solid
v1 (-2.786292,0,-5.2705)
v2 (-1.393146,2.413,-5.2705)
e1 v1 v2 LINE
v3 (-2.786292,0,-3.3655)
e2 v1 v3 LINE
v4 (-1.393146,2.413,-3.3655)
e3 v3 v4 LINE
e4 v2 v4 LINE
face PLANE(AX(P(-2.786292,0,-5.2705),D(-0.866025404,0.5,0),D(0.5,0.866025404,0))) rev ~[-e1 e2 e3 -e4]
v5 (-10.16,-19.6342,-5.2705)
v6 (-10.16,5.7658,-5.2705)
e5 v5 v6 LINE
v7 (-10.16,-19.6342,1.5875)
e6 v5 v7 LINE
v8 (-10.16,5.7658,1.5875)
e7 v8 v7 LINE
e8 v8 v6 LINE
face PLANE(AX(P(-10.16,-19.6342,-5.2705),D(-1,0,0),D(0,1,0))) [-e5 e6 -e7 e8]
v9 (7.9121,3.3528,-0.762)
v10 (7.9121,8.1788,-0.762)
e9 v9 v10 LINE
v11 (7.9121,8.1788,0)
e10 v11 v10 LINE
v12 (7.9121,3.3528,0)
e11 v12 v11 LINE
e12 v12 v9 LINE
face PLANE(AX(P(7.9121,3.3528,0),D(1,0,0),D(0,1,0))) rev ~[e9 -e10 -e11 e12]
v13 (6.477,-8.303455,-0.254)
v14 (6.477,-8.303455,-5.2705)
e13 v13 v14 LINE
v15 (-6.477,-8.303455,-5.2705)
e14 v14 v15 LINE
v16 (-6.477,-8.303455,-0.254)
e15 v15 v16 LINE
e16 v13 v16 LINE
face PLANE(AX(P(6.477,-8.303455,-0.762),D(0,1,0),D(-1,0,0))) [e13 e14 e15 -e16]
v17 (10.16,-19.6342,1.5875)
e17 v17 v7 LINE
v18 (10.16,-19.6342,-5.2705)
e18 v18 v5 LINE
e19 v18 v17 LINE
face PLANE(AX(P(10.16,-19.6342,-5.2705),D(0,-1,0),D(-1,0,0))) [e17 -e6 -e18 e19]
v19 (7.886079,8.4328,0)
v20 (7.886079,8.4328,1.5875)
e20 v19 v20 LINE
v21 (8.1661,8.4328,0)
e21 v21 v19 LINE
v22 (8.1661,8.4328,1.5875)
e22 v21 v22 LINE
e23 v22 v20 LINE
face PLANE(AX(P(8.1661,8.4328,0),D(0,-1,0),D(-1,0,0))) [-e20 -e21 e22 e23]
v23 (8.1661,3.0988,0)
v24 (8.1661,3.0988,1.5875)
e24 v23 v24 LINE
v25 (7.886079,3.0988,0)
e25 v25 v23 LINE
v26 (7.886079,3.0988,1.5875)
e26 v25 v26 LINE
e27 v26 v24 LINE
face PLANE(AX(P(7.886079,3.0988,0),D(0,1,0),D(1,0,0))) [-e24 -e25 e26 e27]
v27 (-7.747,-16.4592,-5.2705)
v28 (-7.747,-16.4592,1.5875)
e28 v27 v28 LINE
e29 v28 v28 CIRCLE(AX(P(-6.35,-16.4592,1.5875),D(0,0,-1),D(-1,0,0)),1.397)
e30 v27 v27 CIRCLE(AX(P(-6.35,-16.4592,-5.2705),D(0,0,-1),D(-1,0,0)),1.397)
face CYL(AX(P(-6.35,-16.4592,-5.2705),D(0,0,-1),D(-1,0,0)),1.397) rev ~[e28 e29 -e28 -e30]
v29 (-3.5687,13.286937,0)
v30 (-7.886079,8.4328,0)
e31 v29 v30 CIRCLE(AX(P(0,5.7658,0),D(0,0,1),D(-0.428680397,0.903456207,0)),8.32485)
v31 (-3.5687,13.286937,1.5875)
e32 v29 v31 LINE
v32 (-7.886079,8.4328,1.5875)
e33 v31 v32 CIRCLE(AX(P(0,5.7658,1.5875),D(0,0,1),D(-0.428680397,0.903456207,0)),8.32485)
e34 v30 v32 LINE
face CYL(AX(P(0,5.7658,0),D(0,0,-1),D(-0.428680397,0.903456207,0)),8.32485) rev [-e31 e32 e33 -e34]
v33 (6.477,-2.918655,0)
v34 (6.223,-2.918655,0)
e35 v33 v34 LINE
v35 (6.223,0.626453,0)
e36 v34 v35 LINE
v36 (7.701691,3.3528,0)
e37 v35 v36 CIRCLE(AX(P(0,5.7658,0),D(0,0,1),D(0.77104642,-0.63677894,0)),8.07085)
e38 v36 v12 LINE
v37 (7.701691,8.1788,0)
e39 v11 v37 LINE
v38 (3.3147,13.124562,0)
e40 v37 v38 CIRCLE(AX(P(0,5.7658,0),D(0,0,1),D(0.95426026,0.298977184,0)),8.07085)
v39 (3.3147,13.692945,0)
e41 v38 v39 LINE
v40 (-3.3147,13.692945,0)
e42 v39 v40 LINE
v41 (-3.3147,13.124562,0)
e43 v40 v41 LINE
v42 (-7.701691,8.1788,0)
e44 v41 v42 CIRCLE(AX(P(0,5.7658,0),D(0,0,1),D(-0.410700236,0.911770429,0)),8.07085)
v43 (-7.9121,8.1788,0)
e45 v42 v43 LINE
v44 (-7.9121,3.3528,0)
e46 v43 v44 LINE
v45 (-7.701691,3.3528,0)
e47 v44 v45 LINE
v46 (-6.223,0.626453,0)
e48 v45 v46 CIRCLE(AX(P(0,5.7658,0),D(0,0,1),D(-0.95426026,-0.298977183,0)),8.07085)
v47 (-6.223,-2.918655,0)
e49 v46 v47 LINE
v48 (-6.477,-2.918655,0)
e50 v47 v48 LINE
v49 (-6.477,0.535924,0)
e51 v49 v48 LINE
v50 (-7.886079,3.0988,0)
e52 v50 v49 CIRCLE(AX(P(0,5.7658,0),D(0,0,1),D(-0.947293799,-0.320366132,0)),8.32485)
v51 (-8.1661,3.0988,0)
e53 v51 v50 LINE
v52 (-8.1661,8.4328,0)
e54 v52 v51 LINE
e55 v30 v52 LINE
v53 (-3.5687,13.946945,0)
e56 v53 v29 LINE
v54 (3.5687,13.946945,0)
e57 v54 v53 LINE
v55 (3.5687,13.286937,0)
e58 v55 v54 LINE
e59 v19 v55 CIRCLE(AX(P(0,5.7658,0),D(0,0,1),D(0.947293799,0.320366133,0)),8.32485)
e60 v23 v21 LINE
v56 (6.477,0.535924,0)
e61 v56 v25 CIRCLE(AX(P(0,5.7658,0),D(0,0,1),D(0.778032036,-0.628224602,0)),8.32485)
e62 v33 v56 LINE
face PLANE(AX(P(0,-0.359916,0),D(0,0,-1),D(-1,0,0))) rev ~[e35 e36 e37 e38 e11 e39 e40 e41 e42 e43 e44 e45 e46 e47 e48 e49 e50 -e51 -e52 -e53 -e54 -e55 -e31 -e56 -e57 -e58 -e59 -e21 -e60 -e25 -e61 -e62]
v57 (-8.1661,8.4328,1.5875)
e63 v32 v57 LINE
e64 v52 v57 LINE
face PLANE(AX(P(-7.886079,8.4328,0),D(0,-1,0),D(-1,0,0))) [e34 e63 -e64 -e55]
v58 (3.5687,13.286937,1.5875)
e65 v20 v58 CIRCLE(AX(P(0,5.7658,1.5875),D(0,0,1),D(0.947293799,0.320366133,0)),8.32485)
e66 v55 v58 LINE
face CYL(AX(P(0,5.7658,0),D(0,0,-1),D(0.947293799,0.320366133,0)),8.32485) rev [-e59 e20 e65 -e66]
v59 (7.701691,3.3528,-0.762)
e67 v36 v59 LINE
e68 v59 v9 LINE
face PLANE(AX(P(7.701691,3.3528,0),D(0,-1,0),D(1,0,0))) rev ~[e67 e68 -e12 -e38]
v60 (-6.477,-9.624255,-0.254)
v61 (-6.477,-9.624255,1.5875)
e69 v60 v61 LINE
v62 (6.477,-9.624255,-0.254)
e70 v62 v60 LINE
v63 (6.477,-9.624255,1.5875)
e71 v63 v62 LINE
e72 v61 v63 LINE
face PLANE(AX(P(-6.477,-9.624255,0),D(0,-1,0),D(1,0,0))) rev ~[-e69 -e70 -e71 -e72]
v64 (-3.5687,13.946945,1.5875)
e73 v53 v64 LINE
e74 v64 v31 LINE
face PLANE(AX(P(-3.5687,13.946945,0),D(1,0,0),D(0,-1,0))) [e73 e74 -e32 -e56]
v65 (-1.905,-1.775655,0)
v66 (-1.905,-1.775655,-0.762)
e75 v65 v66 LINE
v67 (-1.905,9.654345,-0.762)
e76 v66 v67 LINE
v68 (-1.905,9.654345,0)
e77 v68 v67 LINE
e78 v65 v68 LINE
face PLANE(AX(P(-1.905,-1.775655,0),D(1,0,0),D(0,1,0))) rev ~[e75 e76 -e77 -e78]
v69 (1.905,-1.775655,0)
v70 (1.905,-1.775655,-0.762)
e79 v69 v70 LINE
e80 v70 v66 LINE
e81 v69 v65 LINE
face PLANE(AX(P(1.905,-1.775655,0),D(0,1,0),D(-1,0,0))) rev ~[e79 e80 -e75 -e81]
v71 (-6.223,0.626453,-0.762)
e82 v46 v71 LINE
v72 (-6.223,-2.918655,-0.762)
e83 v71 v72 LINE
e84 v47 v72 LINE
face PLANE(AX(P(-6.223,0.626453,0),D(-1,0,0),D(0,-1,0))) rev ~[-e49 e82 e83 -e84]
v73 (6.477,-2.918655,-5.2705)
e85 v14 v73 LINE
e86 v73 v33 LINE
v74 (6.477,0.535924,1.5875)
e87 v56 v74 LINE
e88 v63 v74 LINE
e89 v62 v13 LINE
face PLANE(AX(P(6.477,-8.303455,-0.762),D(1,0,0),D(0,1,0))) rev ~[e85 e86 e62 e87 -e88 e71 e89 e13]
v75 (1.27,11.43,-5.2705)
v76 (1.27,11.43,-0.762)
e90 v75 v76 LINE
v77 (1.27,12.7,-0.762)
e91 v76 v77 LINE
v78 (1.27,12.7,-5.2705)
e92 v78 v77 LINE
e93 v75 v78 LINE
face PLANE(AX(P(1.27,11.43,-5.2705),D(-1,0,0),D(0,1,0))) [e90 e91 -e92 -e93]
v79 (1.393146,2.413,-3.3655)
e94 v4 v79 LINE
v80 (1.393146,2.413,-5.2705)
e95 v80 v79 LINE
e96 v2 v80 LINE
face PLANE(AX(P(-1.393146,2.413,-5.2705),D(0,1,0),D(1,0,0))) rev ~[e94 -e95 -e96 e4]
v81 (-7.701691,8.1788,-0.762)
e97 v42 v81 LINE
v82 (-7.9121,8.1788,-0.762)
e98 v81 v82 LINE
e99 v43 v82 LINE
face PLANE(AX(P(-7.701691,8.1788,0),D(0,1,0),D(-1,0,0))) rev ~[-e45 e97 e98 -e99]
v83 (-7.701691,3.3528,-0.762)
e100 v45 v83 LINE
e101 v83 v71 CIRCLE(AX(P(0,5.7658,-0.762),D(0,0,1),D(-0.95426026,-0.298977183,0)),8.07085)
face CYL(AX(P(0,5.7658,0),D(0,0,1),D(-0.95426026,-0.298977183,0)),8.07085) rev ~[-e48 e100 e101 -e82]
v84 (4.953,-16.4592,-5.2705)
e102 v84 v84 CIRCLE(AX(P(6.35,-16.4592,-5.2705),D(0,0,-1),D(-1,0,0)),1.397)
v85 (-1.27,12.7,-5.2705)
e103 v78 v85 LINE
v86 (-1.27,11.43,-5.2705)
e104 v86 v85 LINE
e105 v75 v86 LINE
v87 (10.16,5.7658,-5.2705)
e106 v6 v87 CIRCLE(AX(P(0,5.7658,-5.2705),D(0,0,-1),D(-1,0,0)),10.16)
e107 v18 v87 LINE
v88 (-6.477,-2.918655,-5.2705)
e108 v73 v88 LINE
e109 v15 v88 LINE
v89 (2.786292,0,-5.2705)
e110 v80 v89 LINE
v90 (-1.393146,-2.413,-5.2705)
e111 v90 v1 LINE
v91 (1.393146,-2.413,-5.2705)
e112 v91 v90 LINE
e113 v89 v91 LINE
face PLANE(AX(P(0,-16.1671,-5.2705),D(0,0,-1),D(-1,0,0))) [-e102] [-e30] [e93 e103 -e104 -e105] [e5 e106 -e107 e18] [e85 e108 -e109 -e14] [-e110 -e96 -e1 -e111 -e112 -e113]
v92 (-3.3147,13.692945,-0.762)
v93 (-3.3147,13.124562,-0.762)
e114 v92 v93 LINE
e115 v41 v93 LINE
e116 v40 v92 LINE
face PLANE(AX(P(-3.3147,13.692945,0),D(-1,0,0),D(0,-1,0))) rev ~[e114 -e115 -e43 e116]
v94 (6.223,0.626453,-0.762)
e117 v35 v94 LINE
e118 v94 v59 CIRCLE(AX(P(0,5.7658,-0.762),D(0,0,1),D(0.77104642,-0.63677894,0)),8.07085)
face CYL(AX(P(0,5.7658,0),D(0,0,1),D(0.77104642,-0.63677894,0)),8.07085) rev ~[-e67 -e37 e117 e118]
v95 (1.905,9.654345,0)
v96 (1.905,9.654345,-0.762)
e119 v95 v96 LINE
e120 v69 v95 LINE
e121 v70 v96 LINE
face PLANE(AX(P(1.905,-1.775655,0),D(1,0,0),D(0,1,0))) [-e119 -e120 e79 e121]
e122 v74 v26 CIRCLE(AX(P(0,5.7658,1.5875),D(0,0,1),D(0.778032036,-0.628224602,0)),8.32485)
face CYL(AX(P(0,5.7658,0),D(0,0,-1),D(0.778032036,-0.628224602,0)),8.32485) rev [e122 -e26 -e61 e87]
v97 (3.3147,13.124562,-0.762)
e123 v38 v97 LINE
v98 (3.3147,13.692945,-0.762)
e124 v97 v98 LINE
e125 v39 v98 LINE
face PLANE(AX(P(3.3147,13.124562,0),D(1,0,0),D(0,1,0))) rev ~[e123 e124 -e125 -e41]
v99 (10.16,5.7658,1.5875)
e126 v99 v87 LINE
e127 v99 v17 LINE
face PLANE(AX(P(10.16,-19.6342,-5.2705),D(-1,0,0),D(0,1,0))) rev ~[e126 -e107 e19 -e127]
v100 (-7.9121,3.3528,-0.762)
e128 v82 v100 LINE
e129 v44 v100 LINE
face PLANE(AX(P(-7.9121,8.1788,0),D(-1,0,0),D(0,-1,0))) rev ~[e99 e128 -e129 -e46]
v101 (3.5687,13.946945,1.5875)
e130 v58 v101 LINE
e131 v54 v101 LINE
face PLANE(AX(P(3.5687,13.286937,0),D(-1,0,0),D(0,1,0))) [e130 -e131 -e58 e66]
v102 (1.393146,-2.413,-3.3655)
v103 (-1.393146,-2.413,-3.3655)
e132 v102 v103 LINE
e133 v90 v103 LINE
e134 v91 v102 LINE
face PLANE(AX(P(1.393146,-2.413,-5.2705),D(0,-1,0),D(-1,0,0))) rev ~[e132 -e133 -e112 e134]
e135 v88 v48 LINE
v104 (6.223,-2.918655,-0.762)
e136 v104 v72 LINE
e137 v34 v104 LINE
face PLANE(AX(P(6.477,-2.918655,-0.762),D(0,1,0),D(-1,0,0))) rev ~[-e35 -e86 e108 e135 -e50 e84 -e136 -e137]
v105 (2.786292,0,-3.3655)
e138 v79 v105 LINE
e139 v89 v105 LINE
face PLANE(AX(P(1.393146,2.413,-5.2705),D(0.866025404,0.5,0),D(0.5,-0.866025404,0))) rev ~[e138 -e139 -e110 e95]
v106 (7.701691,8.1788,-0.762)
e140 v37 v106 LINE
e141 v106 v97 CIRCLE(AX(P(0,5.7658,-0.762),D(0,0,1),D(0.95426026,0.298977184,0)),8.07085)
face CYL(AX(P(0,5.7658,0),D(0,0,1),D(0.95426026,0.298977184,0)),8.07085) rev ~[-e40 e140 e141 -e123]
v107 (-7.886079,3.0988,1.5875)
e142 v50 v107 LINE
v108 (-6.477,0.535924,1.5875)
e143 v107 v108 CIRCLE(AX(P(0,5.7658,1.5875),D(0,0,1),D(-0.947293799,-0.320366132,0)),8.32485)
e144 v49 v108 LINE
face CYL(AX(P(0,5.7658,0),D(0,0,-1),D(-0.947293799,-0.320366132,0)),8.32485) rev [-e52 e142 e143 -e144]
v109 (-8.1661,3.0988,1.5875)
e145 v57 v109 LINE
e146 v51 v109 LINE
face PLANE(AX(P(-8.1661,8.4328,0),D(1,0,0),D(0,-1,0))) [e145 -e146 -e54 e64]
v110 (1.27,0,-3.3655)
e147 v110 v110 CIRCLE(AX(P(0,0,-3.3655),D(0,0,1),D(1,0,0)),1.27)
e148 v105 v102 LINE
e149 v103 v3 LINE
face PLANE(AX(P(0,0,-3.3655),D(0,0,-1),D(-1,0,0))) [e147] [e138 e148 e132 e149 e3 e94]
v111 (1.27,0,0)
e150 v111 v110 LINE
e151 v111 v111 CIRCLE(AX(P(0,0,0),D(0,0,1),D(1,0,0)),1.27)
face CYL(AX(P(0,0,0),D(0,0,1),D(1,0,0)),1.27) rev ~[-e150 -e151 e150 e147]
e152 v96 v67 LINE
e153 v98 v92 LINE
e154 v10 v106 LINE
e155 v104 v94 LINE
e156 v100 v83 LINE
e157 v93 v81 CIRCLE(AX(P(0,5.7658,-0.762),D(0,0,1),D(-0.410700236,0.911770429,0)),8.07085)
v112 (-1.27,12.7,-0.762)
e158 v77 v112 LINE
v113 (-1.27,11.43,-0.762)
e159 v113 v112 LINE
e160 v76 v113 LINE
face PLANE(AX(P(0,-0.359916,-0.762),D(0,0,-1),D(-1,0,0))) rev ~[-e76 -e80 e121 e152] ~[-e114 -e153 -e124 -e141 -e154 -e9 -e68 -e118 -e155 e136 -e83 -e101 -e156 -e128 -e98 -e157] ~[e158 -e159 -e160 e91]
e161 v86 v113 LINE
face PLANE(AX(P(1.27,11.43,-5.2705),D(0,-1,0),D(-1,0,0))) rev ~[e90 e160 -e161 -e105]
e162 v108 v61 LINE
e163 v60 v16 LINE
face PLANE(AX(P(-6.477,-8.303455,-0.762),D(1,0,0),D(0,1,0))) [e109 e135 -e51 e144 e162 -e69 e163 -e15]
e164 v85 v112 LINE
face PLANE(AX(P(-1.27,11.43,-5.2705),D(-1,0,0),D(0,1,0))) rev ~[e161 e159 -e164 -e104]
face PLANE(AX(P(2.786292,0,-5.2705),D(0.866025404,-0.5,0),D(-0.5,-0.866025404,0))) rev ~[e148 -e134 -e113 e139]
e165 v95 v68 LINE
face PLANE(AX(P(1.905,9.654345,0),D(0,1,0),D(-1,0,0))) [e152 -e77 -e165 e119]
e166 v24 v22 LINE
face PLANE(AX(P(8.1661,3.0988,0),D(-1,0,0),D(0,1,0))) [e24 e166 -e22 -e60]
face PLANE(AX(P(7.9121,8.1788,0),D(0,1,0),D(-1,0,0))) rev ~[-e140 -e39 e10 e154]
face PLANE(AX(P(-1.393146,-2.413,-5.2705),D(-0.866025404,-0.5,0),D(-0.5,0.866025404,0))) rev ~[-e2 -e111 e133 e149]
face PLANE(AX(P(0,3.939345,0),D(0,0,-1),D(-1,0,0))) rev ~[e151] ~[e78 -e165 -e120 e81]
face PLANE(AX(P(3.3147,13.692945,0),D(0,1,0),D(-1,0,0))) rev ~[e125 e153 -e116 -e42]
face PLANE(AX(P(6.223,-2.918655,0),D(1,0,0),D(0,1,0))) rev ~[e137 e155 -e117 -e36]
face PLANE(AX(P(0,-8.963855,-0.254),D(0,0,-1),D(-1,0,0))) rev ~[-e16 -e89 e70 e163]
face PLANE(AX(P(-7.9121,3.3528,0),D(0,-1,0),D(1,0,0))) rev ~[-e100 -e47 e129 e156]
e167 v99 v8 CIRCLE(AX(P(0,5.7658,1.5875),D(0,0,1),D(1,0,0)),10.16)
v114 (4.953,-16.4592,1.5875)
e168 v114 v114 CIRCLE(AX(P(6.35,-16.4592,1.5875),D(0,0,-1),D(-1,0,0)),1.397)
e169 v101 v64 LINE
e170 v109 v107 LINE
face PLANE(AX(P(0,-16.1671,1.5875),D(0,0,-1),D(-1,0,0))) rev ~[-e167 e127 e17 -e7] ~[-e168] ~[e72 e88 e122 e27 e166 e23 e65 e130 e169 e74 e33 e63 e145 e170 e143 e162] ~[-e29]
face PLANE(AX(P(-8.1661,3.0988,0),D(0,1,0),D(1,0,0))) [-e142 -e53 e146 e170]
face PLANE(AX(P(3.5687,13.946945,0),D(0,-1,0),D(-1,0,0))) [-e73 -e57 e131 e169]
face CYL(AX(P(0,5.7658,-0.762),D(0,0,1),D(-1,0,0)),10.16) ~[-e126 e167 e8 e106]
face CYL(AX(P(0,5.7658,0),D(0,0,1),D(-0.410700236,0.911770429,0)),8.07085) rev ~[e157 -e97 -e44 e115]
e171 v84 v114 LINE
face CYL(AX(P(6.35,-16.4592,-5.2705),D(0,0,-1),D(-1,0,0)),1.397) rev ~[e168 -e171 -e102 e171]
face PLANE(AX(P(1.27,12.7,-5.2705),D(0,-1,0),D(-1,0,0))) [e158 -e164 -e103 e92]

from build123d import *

# Parameters (mm, degrees)
BOSS_EXTRUDE1_DEPTH     = 1.5875
SKETCH3_W               = 3.81
SKETCH3_H               = 11.43
BOSS_EXTRUDE2_DEPTH     = 0.762
SKETCH4_W               = 12.954
SKETCH4_H               = 1.3208
BOSS_EXTRUDE3_DEPTH     = 0.508
SKETCH5_W               = 12.954
SKETCH5_H               = 5.3848
BOSS_EXTRUDE4_DEPTH     = 4.5085
SKETCH2_R               = 1.27
CUT_EXTRUDE1_DEPTH      = 20.612110439
CUT_EXTRUDE1_DEPTH_BACK = 20.612110439
CUT_EXTRUDE2_DEPTH      = 1.905
SKETCH7_W               = 20.32
SKETCH7_H               = 6.9342
BOSS_EXTRUDE5_DEPTH     = 6.858
SKETCH8_R               = 1.397
CUT_EXTRUDE3_DEPTH      = 24.146480805
SKETCH9_W               = 2.54
SKETCH9_H               = 1.27
CUT_EXTRUDE4_DEPTH      = 24.146480805


with BuildPart() as part:
    # Sketch1 → Boss-Extrude1 (new body)
    with BuildSketch(Plane.XY):
        with BuildLine():
            Line((-10.16, 5.7658), (-10.16, -12.7))
            Line((-10.16, -12.7), (10.16, -12.7))
            Line((10.16, -12.7), (10.16, 5.7658))
            ThreePointArc((10.16, 5.7658), (0, 15.9258), (-10.16, 5.7658))
        make_face()
        with BuildLine():
            Line((-8.1661, 8.4328), (-8.1661, 3.0988))
            Line((-8.1661, 3.0988), (-7.88607878, 3.0988))
            ThreePointArc((-7.88607878, 3.0988), (-7.294970241, 1.754997498), (-6.477, 0.535924426))
            Line((-6.477, 0.535924426), (-6.477, -9.624254818))
            Line((-6.477, -9.624254818), (6.477, -9.624254818))
            Line((6.477, -9.624254818), (6.477, 0.535924426))
            ThreePointArc((6.477, 0.535924426), (7.294970241, 1.754997498), (7.88607878, 3.0988))
            Line((7.88607878, 3.0988), (8.1661, 3.0988))
            Line((8.1661, 3.0988), (8.1661, 8.4328))
            Line((8.1661, 8.4328), (7.88607878, 8.4328))
            ThreePointArc((7.88607878, 8.4328), (6.220422148, 11.298383105), (3.5687, 13.286937403))
            Line((3.5687, 13.286937403), (3.5687, 13.946945182))
            Line((3.5687, 13.946945182), (-3.5687, 13.946945182))
            Line((-3.5687, 13.946945182), (-3.5687, 13.286937403))
            ThreePointArc((-3.5687, 13.286937403), (-6.220422148, 11.298383105), (-7.88607878, 8.4328))
            Line((-7.88607878, 8.4328), (-8.1661, 8.4328))
        make_face(mode=Mode.SUBTRACT)
    extrude(amount=BOSS_EXTRUDE1_DEPTH)

    # Sketch3 → Boss-Extrude2 (add)
    with BuildSketch(Plane(origin=(0, 0, 0), x_dir=(-1, 0, 0), z_dir=(0, 0, -1))):
        with BuildLine():
            Line((-10.16, -12.7), (10.16, -12.7))
            Line((10.16, -12.7), (10.16, 5.7658))
            ThreePointArc((10.16, 5.7658), (0, 15.9258), (-10.16, 5.7658))
            Line((-10.16, 5.7658), (-10.16, -12.7))
        make_face()
        with BuildLine():
            Line((-6.477, -9.624254818), (-6.477, -2.918654818))
            Line((-6.477, -2.918654818), (-6.223, -2.918654818))
            Line((-6.223, -2.918654818), (-6.223, 0.535924426))
            Line((-6.223, 0.535924426), (-6.223, 0.626452695))
            ThreePointArc((-6.223, 0.626452695), (-7.094540168, 1.917927921), (-7.70169142, 3.3528))
            Line((-7.70169142, 3.3528), (-7.9121, 3.3528))
            Line((-7.9121, 3.3528), (-7.9121, 8.1788))
            Line((-7.9121, 8.1788), (-7.70169142, 8.1788))
            ThreePointArc((-7.70169142, 8.1788), (-6.037827534, 11.121475344), (-3.3147, 13.124562371))
            Line((-3.3147, 13.124562371), (-3.3147, 13.692945182))
            Line((-3.3147, 13.692945182), (3.3147, 13.692945182))
            Line((3.3147, 13.692945182), (3.3147, 13.124562371))
            ThreePointArc((3.3147, 13.124562371), (6.037827534, 11.121475344), (7.70169142, 8.1788))
            Line((7.70169142, 8.1788), (7.9121, 8.1788))
            Line((7.9121, 8.1788), (7.9121, 3.3528))
            Line((7.9121, 3.3528), (7.70169142, 3.3528))
            ThreePointArc((7.70169142, 3.3528), (7.094540168, 1.917927921), (6.223, 0.626452695))
            Line((6.223, 0.626452695), (6.223, -2.918654818))
            Line((6.223, -2.918654818), (6.477, -2.918654818))
            Line((6.477, -2.918654818), (6.477, -9.624254818))
            Line((6.477, -9.624254818), (-6.223, -9.624254818))
            Line((-6.223, -9.624254818), (-6.477, -9.624254818))
        make_face(mode=Mode.SUBTRACT)
        with Locations((0, 3.939345182)):
            Rectangle(SKETCH3_W, SKETCH3_H)
    extrude(amount=BOSS_EXTRUDE2_DEPTH)


with BuildPart() as boss_extrude2_piece_1:
    # of the separate pieces the step leaves, piece 1, a body of its own (boss_extrude2_pieces)
    add(part.part.solids().sort_by_distance((-10.16, 5.7658, 1.5875))[0])

    # Sketch4 → Boss-Extrude3 (add)
    with BuildSketch(Plane(origin=(0, 0, -0.762), x_dir=(-1, 0, 0), z_dir=(0, 0, -1))):
        with Locations((0, -8.963854818)):
            Rectangle(SKETCH4_W, SKETCH4_H)
    extrude(amount=-BOSS_EXTRUDE3_DEPTH)



with BuildPart() as boss_extrude2_piece_2:
    # of the separate pieces the step leaves, piece 2, a body of its own (boss_extrude2_pieces)
    add(part.part.solids().sort_by_distance((-1.905, -1.775654818, 0))[0])


with BuildPart() as boss_extrude2_piece_1_1:
    add(boss_extrude2_piece_1.part)

    add(boss_extrude2_piece_2.part)  # Boss-Extrude4 merges Boss-Extrude2 piece 2
    # Sketch5 → Boss-Extrude4 (add)
    with BuildSketch(Plane(origin=(0, 0, -0.762), x_dir=(-1, 0, 0), z_dir=(0, 0, -1))):
        with BuildLine():
            Line((10.16, -12.7), (10.16, 5.7658))
            ThreePointArc((10.16, 5.7658), (0, 15.9258), (-10.16, 5.7658))
            Line((-10.16, 5.7658), (-10.16, -12.7))
            Line((-10.16, -12.7), (10.16, -12.7))
        make_face()
        with Locations((0, -5.611054818)):
            Rectangle(SKETCH5_W, SKETCH5_H, mode=Mode.SUBTRACT)
    extrude(amount=BOSS_EXTRUDE4_DEPTH)

    # Sketch2 → Cut-Extrude1 (cut, two sides)
    with BuildSketch(Plane.XY) as cut_extrude1_sk:
        Circle(SKETCH2_R)
    extrude(amount=CUT_EXTRUDE1_DEPTH, mode=Mode.SUBTRACT)
    extrude(cut_extrude1_sk.sketch, amount=-CUT_EXTRUDE1_DEPTH_BACK, mode=Mode.SUBTRACT)

    # Sketch6 → Cut-Extrude2 (cut)
    with BuildSketch(Plane(origin=(0, 0, -5.2705), x_dir=(-1, 0, 0), z_dir=(0, 0, -1))):
        Polygon((1.3931462, 2.413), (-1.3931462, 2.413), (-2.786292399, 0), (-1.3931462, -2.413), (1.3931462, -2.413), (2.786292399, 0), align=None)
    extrude(amount=-CUT_EXTRUDE2_DEPTH, mode=Mode.SUBTRACT)

    # Sketch7 → Boss-Extrude5 (add)
    with BuildSketch(Plane(origin=(0, 0, -5.2705), x_dir=(-1, 0, 0), z_dir=(0, 0, -1))):
        with Locations((0, -16.1671)):
            Rectangle(SKETCH7_W, SKETCH7_H)
    extrude(amount=-BOSS_EXTRUDE5_DEPTH)

    # Sketch8 → Cut-Extrude3 (cut, through all)
    with BuildSketch(Plane(origin=(0, 0, -5.2705), x_dir=(-1, 0, 0), z_dir=(0, 0, -1))):
        with Locations((-6.35, -16.4592)):
            Circle(SKETCH8_R)
        with Locations((6.35, -16.4592)):
            Circle(SKETCH8_R)
    extrude(amount=-CUT_EXTRUDE3_DEPTH, mode=Mode.SUBTRACT)

    # Sketch9 → Cut-Extrude4 (cut, through all)
    with BuildSketch(Plane(origin=(0, 0, -5.2705), x_dir=(-1, 0, 0), z_dir=(0, 0, -1))):
        with Locations((0, 12.065)):
            Rectangle(SKETCH9_W, SKETCH9_H)
    extrude(amount=-CUT_EXTRUDE4_DEPTH, mode=Mode.SUBTRACT)


solid = boss_extrude2_piece_1_1.part
